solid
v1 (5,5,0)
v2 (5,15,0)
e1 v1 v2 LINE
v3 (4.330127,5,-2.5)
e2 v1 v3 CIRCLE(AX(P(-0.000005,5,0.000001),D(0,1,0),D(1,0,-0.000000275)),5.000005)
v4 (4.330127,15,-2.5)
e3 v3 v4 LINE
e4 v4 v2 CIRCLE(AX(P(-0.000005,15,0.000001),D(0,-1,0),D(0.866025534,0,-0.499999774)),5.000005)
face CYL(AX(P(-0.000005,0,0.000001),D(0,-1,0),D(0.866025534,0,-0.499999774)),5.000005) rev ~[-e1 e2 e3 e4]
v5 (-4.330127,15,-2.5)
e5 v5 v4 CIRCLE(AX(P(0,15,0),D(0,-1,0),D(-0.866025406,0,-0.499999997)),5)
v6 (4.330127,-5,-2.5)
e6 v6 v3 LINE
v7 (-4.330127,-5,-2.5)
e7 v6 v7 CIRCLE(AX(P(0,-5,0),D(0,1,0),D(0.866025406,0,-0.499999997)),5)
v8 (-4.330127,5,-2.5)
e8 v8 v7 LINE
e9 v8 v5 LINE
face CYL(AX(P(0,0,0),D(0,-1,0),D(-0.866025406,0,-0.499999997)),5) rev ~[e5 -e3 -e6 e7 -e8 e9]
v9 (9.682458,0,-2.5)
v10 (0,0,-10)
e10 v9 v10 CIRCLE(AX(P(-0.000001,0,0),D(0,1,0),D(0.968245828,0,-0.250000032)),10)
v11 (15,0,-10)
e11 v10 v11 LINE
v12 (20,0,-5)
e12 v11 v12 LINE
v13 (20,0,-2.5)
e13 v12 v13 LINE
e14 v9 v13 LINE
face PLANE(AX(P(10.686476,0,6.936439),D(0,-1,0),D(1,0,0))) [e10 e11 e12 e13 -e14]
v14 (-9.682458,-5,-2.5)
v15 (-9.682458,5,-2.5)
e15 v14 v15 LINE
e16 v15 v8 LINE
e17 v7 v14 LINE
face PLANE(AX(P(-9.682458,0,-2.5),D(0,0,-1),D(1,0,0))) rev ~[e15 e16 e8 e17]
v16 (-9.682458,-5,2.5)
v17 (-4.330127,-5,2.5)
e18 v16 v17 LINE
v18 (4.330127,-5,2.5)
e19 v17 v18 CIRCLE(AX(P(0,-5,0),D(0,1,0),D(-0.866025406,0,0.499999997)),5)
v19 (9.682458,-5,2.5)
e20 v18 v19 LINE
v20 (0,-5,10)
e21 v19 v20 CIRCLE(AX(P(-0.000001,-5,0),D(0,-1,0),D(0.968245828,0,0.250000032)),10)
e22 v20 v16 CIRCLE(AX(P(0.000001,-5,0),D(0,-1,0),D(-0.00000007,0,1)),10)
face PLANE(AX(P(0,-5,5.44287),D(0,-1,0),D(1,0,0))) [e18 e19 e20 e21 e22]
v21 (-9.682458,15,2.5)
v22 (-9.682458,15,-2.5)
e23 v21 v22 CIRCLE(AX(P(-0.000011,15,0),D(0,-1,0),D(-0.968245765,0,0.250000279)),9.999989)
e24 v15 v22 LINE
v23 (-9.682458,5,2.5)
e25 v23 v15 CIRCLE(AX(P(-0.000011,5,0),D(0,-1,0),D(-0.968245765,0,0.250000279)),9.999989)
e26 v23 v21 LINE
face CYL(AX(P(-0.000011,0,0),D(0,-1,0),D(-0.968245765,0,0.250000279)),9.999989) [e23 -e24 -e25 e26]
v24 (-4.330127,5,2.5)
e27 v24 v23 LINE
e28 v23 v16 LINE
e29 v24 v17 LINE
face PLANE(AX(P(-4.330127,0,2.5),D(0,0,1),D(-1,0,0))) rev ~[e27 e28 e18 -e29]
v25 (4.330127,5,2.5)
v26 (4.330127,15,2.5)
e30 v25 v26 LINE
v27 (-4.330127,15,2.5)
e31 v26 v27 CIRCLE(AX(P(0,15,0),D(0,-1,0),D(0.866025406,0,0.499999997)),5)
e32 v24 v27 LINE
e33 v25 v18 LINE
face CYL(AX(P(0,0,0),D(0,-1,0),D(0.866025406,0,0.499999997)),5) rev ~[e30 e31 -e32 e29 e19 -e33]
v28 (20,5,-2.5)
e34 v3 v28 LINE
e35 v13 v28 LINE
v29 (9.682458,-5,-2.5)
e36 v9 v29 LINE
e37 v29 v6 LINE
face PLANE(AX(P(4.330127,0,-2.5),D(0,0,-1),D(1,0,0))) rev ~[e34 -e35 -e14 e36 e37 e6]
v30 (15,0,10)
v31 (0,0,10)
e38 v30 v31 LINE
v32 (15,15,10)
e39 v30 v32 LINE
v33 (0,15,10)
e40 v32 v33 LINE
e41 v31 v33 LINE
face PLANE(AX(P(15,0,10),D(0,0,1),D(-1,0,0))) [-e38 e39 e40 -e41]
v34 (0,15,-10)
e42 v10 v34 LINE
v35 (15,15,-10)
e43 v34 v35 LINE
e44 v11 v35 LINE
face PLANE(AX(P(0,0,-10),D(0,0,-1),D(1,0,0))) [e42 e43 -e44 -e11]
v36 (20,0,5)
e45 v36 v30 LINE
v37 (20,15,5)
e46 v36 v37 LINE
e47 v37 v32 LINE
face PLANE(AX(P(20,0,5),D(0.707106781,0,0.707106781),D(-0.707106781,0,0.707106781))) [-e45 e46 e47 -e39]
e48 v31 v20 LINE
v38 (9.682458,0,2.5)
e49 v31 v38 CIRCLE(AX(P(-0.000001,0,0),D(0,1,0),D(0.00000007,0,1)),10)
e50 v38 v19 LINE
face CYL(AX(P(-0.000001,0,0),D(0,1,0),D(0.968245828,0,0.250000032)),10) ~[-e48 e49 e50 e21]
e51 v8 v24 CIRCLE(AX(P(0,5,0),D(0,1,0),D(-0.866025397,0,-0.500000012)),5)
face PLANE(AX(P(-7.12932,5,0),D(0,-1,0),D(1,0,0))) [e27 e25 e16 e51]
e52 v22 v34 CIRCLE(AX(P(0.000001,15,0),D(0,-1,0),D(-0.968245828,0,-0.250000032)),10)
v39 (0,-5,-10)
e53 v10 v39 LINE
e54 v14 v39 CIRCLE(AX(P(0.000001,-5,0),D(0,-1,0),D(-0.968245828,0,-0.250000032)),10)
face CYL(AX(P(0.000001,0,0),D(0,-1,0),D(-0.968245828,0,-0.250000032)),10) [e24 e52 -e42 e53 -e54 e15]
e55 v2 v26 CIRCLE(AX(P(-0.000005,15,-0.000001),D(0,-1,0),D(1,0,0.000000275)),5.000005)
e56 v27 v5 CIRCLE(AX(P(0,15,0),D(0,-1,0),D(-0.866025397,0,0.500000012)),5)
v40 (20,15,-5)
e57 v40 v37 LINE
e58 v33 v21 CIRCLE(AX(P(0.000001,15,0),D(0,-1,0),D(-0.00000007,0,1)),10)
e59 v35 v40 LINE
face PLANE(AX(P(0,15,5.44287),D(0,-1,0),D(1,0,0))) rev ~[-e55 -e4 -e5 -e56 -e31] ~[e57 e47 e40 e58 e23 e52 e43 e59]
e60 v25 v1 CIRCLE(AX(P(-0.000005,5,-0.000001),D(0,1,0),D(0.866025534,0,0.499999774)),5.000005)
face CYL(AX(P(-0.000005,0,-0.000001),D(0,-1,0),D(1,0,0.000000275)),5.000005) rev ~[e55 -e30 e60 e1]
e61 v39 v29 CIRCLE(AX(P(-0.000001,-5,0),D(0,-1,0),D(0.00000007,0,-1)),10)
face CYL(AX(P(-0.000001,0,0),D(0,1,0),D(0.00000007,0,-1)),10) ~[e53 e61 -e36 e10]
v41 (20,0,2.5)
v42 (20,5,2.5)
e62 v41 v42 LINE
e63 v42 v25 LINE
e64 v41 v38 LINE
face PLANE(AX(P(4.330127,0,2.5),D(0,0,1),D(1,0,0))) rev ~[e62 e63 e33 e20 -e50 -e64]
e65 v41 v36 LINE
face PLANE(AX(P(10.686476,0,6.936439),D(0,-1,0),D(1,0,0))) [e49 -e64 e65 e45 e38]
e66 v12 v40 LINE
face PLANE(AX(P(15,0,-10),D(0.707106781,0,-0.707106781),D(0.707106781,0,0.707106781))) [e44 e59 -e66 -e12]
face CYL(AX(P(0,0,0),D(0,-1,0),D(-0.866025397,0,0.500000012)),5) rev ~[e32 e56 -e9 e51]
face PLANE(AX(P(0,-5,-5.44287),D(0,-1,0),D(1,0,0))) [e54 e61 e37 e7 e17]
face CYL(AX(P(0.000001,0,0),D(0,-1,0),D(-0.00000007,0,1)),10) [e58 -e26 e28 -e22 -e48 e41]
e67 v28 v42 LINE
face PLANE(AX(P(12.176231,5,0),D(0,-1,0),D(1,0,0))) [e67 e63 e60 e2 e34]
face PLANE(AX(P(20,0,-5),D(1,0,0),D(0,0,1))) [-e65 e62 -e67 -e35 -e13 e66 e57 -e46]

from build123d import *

# Parameters (mm, degrees)
F1_DEPTH      = 15
F2_DEPTH      = 5
F2_DEPTH_BACK = 15
F3_DEPTH      = 15.001
F4_DEPTH      = 5


with BuildPart() as f1:
    # F0 (on Front) → F1 (new body)
    with BuildSketch(Plane.XZ):
        with BuildLine():
            ThreePointArc((0, 10), (6.123724, 7.905694), (9.682458, 2.5))
            Line((9.682458, 2.5), (20, 2.5))
            Line((20, 2.5), (20, 5))
            Line((20, 5), (15, 10))
            Line((15, 10), (0, 10))
        make_face()
        with BuildLine():
            ThreePointArc((4.330127, 2.5), (4.829629, 1.294095), (5, 0))
            ThreePointArc((5, 0), (4.829629, -1.294095), (4.330127, -2.5))
            Line((4.330127, -2.5), (9.682458, -2.5))
            Line((9.682458, -2.5), (20, -2.5))
            Line((20, -2.5), (20, 2.5))
            Line((20, 2.5), (9.682458, 2.5))
            Line((9.682458, 2.5), (4.330127, 2.5))
        make_face()
        with BuildLine():
            Line((20, -2.5), (9.682458, -2.5))
            ThreePointArc((9.682458, -2.5), (6.123724, -7.905694), (0, -10))
            Line((0, -10), (15, -10))
            Line((15, -10), (20, -5))
            Line((20, -5), (20, -2.5))
        make_face()
        with BuildLine():
            ThreePointArc((4.330127, -2.5), (4.829629, -1.294095), (5, 0))
            ThreePointArc((5, 0), (4.829629, 1.294095), (4.330127, 2.5))
            ThreePointArc((4.330127, 2.5), (0, 5), (-4.330127, 2.5))
            ThreePointArc((-4.330127, 2.5), (-5, 0), (-4.330127, -2.5))
            ThreePointArc((-4.330127, -2.5), (0, -5), (4.330127, -2.5))
        make_face()
        with BuildLine():
            ThreePointArc((-4.330127, -2.5), (-5, 0), (-4.330127, 2.5))
            Line((-4.330127, 2.5), (-9.682458, 2.5))
            ThreePointArc((-9.682458, 2.5), (-10, 0), (-9.682458, -2.5))
            Line((-9.682458, -2.5), (-4.330127, -2.5))
        make_face()
    extrude(amount=-F1_DEPTH)

    # F0 (on Front) → F2 (join, two sides)
    with BuildSketch(Plane.XZ) as f2_sk:
        with BuildLine():
            ThreePointArc((-4.330127, 2.5), (0, 5), (4.330127, 2.5))
            Line((4.330127, 2.5), (9.682458, 2.5))
            ThreePointArc((9.682458, 2.5), (6.123724, 7.905694), (0, 10))
            ThreePointArc((0, 10), (-6.123724, 7.905694), (-9.682458, 2.5))
            Line((-9.682458, 2.5), (-4.330127, 2.5))
        make_face()
        with BuildLine():
            Line((9.682458, -2.5), (4.330127, -2.5))
            ThreePointArc((4.330127, -2.5), (0, -5), (-4.330127, -2.5))
            Line((-4.330127, -2.5), (-9.682458, -2.5))
            ThreePointArc((-9.682458, -2.5), (-6.123724, -7.905694), (0, -10))
            ThreePointArc((0, -10), (6.123724, -7.905694), (9.682458, -2.5))
        make_face()
    extrude(amount=F2_DEPTH)
    extrude(f2_sk.sketch, amount=-F2_DEPTH_BACK)

    # F0 (on Front) → F3 (cut, through all)
    with BuildSketch(Plane.XZ):
        with BuildLine():
            ThreePointArc((4.330127, -2.5), (4.829629, -1.294095), (5, 0))
            ThreePointArc((5, 0), (4.829629, 1.294095), (4.330127, 2.5))
            ThreePointArc((4.330127, 2.5), (0, 5), (-4.330127, 2.5))
            ThreePointArc((-4.330127, 2.5), (-5, 0), (-4.330127, -2.5))
            ThreePointArc((-4.330127, -2.5), (0, -5), (4.330127, -2.5))
        make_face()
    extrude(amount=-F3_DEPTH, mode=Mode.SUBTRACT)

    # F0 (on Front) → F4 (cut)
    with BuildSketch(Plane.XZ):
        with BuildLine():
            ThreePointArc((4.330127, 2.5), (4.829629, 1.294095), (5, 0))
            ThreePointArc((5, 0), (4.829629, -1.294095), (4.330127, -2.5))
            Line((4.330127, -2.5), (9.682458, -2.5))
            Line((9.682458, -2.5), (20, -2.5))
            Line((20, -2.5), (20, 2.5))
            Line((20, 2.5), (9.682458, 2.5))
            Line((9.682458, 2.5), (4.330127, 2.5))
        make_face()
        with BuildLine():
            ThreePointArc((-4.330127, -2.5), (-5, 0), (-4.330127, 2.5))
            Line((-4.330127, 2.5), (-9.682458, 2.5))
            ThreePointArc((-9.682458, 2.5), (-10, 0), (-9.682458, -2.5))
            Line((-9.682458, -2.5), (-4.330127, -2.5))
        make_face()
    extrude(amount=-F4_DEPTH, mode=Mode.SUBTRACT)


solid = f1.part
